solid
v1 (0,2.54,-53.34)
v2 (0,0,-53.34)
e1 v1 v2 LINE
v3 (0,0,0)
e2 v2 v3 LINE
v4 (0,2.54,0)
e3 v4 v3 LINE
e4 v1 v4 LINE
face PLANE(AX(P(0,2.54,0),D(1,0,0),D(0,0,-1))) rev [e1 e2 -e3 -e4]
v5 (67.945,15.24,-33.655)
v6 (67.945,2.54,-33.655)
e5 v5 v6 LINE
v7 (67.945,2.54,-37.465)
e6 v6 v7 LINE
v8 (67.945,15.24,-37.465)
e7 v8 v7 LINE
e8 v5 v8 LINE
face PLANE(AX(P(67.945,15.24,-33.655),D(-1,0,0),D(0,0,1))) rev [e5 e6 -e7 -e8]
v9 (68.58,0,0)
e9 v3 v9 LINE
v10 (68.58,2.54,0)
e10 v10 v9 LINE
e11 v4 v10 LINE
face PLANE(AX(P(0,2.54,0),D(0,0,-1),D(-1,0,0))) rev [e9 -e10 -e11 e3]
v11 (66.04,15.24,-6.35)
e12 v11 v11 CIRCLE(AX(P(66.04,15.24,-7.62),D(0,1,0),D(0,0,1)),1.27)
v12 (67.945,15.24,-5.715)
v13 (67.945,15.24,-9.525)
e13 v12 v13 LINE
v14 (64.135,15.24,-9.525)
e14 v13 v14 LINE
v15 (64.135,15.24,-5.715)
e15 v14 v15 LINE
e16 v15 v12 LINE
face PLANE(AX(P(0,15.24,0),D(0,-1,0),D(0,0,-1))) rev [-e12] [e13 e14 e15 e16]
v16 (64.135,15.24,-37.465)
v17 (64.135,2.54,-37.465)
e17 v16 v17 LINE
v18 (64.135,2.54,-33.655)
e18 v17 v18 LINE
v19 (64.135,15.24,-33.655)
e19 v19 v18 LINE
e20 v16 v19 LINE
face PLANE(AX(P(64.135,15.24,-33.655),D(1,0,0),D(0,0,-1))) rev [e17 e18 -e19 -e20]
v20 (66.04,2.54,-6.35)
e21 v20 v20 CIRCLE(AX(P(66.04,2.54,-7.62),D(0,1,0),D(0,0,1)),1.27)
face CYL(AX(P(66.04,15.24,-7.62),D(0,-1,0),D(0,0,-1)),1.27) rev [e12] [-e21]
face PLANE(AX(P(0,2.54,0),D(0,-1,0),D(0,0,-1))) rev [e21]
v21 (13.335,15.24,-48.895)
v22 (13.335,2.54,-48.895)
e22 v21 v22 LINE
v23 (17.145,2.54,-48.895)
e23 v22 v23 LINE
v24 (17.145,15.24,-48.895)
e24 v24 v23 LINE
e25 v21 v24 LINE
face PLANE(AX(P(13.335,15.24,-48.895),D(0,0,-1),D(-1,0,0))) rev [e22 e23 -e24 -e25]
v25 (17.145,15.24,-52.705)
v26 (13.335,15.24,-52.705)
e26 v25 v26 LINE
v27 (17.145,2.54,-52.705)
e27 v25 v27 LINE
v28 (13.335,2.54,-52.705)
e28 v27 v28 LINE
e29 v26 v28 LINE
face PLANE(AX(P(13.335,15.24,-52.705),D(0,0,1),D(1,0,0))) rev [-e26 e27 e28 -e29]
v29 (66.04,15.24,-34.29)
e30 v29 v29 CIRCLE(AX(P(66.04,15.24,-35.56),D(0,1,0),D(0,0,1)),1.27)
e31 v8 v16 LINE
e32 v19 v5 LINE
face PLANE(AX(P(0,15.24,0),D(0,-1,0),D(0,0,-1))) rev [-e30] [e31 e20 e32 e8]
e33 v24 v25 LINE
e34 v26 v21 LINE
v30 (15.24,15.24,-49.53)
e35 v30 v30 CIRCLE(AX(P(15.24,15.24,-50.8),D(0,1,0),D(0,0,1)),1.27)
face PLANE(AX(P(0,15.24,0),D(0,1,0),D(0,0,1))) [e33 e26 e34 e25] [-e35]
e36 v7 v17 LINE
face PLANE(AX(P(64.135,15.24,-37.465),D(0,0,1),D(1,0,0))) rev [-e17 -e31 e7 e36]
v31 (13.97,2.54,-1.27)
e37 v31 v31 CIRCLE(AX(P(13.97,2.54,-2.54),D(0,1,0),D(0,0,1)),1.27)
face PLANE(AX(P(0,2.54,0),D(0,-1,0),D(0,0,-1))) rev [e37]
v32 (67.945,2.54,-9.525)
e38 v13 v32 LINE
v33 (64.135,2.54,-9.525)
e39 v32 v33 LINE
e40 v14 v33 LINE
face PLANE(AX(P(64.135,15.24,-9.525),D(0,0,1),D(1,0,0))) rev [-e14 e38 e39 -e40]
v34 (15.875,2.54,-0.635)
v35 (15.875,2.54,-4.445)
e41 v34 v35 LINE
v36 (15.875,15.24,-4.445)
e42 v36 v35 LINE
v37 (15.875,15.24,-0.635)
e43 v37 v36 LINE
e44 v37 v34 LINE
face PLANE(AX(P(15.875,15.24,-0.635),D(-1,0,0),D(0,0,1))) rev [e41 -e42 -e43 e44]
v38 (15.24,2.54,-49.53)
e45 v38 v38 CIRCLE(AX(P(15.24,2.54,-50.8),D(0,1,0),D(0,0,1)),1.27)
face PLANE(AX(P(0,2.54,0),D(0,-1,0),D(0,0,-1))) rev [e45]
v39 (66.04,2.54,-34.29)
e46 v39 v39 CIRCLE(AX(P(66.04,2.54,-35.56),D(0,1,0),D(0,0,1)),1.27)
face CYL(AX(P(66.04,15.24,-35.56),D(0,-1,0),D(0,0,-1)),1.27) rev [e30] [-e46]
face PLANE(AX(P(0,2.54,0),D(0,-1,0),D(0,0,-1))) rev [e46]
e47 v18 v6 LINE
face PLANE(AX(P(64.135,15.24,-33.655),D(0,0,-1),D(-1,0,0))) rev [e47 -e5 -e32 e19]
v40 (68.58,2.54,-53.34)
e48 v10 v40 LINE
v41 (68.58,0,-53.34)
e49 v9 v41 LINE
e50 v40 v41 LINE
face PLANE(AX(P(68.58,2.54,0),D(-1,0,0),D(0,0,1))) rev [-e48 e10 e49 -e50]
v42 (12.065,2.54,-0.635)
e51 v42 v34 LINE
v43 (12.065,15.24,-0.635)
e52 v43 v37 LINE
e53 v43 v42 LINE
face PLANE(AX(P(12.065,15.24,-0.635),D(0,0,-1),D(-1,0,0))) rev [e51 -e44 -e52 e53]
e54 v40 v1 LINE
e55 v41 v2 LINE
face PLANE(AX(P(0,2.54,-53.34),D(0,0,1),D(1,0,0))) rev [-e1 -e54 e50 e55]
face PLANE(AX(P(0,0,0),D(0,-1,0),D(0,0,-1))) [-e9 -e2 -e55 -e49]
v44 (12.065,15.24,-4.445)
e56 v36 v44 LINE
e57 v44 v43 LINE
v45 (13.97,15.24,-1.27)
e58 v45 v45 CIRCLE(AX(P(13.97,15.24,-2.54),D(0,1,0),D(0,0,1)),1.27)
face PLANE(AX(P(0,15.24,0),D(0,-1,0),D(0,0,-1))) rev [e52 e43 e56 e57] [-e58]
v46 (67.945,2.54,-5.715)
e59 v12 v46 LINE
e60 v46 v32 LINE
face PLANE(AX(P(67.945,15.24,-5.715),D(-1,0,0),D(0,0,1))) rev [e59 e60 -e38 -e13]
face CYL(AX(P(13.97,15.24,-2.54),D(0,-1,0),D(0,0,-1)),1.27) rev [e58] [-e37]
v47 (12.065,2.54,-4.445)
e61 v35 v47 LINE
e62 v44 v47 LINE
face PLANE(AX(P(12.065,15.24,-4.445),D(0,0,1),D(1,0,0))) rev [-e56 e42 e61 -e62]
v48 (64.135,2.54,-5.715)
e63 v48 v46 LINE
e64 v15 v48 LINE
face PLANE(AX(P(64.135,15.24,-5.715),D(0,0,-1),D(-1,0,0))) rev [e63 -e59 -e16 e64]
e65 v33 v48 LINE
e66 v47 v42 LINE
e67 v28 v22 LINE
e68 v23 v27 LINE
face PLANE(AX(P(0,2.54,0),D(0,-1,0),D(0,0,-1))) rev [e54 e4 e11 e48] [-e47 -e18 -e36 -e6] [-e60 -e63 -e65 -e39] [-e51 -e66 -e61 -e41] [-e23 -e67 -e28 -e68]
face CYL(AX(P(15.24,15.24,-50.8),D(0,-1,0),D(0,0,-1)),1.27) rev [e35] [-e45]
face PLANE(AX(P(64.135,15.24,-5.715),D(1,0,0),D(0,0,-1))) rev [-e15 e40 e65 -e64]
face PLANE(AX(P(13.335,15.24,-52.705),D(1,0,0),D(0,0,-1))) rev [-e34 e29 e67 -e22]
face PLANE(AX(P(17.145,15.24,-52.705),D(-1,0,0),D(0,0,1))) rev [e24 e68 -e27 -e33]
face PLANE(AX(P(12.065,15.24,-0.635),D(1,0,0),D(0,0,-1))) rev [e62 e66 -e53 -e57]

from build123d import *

# Parameters (mm, degrees)
SKETCH1_W           = 68.58
SKETCH1_H           = 53.34
BOSS_EXTRUDE1_DEPTH = 2.54
SKETCH2_W           = 3.81
SKETCH2_H           = 3.81
SKETCH2_R           = 1.27
BOSS_EXTRUDE2_DEPTH = 12.7
SKETCH3_W           = 3.81
SKETCH3_H           = 3.81
SKETCH3_R           = 1.27
BOSS_EXTRUDE3_DEPTH = 12.7


with BuildPart() as part:
    # Sketch1 → Boss-Extrude1 (new body)
    with BuildSketch(Plane(origin=(0, 0, 0), x_dir=(1, 0, 0), z_dir=(0, 1, 0))):
        with Locations((34.29, 26.67)):
            Rectangle(SKETCH1_W, SKETCH1_H)
    extrude(amount=BOSS_EXTRUDE1_DEPTH)

    # Sketch2 → Boss-Extrude2 (add)
    with BuildSketch(Plane(origin=(0, 2.54, 0), x_dir=(1, 0, 0), z_dir=(0, 1, 0))):
        with Locations((13.97, 2.54)):
            Rectangle(SKETCH2_W, SKETCH2_H)
        with Locations((13.97, 2.54)):
            Circle(SKETCH2_R, mode=Mode.SUBTRACT)
    extrude(amount=BOSS_EXTRUDE2_DEPTH)

    # Sketch3 → Boss-Extrude3 (add)
    with BuildSketch(Plane(origin=(0, 2.54, 0), x_dir=(1, 0, 0), z_dir=(0, 1, 0))):
        with Locations((15.24, 50.8)):
            Rectangle(SKETCH3_W, SKETCH3_H)
        with Locations((15.24, 50.8)):
            Circle(SKETCH3_R, mode=Mode.SUBTRACT)
        with Locations((66.04, 35.56)):
            Rectangle(SKETCH3_W, SKETCH3_H)
        with Locations((66.04, 35.56)):
            Circle(SKETCH3_R, mode=Mode.SUBTRACT)
        with Locations((66.04, 7.62)):
            Rectangle(SKETCH3_W, SKETCH3_H)
        with Locations((66.04, 7.62)):
            Circle(SKETCH3_R, mode=Mode.SUBTRACT)
    extrude(amount=BOSS_EXTRUDE3_DEPTH)


solid = part.part
